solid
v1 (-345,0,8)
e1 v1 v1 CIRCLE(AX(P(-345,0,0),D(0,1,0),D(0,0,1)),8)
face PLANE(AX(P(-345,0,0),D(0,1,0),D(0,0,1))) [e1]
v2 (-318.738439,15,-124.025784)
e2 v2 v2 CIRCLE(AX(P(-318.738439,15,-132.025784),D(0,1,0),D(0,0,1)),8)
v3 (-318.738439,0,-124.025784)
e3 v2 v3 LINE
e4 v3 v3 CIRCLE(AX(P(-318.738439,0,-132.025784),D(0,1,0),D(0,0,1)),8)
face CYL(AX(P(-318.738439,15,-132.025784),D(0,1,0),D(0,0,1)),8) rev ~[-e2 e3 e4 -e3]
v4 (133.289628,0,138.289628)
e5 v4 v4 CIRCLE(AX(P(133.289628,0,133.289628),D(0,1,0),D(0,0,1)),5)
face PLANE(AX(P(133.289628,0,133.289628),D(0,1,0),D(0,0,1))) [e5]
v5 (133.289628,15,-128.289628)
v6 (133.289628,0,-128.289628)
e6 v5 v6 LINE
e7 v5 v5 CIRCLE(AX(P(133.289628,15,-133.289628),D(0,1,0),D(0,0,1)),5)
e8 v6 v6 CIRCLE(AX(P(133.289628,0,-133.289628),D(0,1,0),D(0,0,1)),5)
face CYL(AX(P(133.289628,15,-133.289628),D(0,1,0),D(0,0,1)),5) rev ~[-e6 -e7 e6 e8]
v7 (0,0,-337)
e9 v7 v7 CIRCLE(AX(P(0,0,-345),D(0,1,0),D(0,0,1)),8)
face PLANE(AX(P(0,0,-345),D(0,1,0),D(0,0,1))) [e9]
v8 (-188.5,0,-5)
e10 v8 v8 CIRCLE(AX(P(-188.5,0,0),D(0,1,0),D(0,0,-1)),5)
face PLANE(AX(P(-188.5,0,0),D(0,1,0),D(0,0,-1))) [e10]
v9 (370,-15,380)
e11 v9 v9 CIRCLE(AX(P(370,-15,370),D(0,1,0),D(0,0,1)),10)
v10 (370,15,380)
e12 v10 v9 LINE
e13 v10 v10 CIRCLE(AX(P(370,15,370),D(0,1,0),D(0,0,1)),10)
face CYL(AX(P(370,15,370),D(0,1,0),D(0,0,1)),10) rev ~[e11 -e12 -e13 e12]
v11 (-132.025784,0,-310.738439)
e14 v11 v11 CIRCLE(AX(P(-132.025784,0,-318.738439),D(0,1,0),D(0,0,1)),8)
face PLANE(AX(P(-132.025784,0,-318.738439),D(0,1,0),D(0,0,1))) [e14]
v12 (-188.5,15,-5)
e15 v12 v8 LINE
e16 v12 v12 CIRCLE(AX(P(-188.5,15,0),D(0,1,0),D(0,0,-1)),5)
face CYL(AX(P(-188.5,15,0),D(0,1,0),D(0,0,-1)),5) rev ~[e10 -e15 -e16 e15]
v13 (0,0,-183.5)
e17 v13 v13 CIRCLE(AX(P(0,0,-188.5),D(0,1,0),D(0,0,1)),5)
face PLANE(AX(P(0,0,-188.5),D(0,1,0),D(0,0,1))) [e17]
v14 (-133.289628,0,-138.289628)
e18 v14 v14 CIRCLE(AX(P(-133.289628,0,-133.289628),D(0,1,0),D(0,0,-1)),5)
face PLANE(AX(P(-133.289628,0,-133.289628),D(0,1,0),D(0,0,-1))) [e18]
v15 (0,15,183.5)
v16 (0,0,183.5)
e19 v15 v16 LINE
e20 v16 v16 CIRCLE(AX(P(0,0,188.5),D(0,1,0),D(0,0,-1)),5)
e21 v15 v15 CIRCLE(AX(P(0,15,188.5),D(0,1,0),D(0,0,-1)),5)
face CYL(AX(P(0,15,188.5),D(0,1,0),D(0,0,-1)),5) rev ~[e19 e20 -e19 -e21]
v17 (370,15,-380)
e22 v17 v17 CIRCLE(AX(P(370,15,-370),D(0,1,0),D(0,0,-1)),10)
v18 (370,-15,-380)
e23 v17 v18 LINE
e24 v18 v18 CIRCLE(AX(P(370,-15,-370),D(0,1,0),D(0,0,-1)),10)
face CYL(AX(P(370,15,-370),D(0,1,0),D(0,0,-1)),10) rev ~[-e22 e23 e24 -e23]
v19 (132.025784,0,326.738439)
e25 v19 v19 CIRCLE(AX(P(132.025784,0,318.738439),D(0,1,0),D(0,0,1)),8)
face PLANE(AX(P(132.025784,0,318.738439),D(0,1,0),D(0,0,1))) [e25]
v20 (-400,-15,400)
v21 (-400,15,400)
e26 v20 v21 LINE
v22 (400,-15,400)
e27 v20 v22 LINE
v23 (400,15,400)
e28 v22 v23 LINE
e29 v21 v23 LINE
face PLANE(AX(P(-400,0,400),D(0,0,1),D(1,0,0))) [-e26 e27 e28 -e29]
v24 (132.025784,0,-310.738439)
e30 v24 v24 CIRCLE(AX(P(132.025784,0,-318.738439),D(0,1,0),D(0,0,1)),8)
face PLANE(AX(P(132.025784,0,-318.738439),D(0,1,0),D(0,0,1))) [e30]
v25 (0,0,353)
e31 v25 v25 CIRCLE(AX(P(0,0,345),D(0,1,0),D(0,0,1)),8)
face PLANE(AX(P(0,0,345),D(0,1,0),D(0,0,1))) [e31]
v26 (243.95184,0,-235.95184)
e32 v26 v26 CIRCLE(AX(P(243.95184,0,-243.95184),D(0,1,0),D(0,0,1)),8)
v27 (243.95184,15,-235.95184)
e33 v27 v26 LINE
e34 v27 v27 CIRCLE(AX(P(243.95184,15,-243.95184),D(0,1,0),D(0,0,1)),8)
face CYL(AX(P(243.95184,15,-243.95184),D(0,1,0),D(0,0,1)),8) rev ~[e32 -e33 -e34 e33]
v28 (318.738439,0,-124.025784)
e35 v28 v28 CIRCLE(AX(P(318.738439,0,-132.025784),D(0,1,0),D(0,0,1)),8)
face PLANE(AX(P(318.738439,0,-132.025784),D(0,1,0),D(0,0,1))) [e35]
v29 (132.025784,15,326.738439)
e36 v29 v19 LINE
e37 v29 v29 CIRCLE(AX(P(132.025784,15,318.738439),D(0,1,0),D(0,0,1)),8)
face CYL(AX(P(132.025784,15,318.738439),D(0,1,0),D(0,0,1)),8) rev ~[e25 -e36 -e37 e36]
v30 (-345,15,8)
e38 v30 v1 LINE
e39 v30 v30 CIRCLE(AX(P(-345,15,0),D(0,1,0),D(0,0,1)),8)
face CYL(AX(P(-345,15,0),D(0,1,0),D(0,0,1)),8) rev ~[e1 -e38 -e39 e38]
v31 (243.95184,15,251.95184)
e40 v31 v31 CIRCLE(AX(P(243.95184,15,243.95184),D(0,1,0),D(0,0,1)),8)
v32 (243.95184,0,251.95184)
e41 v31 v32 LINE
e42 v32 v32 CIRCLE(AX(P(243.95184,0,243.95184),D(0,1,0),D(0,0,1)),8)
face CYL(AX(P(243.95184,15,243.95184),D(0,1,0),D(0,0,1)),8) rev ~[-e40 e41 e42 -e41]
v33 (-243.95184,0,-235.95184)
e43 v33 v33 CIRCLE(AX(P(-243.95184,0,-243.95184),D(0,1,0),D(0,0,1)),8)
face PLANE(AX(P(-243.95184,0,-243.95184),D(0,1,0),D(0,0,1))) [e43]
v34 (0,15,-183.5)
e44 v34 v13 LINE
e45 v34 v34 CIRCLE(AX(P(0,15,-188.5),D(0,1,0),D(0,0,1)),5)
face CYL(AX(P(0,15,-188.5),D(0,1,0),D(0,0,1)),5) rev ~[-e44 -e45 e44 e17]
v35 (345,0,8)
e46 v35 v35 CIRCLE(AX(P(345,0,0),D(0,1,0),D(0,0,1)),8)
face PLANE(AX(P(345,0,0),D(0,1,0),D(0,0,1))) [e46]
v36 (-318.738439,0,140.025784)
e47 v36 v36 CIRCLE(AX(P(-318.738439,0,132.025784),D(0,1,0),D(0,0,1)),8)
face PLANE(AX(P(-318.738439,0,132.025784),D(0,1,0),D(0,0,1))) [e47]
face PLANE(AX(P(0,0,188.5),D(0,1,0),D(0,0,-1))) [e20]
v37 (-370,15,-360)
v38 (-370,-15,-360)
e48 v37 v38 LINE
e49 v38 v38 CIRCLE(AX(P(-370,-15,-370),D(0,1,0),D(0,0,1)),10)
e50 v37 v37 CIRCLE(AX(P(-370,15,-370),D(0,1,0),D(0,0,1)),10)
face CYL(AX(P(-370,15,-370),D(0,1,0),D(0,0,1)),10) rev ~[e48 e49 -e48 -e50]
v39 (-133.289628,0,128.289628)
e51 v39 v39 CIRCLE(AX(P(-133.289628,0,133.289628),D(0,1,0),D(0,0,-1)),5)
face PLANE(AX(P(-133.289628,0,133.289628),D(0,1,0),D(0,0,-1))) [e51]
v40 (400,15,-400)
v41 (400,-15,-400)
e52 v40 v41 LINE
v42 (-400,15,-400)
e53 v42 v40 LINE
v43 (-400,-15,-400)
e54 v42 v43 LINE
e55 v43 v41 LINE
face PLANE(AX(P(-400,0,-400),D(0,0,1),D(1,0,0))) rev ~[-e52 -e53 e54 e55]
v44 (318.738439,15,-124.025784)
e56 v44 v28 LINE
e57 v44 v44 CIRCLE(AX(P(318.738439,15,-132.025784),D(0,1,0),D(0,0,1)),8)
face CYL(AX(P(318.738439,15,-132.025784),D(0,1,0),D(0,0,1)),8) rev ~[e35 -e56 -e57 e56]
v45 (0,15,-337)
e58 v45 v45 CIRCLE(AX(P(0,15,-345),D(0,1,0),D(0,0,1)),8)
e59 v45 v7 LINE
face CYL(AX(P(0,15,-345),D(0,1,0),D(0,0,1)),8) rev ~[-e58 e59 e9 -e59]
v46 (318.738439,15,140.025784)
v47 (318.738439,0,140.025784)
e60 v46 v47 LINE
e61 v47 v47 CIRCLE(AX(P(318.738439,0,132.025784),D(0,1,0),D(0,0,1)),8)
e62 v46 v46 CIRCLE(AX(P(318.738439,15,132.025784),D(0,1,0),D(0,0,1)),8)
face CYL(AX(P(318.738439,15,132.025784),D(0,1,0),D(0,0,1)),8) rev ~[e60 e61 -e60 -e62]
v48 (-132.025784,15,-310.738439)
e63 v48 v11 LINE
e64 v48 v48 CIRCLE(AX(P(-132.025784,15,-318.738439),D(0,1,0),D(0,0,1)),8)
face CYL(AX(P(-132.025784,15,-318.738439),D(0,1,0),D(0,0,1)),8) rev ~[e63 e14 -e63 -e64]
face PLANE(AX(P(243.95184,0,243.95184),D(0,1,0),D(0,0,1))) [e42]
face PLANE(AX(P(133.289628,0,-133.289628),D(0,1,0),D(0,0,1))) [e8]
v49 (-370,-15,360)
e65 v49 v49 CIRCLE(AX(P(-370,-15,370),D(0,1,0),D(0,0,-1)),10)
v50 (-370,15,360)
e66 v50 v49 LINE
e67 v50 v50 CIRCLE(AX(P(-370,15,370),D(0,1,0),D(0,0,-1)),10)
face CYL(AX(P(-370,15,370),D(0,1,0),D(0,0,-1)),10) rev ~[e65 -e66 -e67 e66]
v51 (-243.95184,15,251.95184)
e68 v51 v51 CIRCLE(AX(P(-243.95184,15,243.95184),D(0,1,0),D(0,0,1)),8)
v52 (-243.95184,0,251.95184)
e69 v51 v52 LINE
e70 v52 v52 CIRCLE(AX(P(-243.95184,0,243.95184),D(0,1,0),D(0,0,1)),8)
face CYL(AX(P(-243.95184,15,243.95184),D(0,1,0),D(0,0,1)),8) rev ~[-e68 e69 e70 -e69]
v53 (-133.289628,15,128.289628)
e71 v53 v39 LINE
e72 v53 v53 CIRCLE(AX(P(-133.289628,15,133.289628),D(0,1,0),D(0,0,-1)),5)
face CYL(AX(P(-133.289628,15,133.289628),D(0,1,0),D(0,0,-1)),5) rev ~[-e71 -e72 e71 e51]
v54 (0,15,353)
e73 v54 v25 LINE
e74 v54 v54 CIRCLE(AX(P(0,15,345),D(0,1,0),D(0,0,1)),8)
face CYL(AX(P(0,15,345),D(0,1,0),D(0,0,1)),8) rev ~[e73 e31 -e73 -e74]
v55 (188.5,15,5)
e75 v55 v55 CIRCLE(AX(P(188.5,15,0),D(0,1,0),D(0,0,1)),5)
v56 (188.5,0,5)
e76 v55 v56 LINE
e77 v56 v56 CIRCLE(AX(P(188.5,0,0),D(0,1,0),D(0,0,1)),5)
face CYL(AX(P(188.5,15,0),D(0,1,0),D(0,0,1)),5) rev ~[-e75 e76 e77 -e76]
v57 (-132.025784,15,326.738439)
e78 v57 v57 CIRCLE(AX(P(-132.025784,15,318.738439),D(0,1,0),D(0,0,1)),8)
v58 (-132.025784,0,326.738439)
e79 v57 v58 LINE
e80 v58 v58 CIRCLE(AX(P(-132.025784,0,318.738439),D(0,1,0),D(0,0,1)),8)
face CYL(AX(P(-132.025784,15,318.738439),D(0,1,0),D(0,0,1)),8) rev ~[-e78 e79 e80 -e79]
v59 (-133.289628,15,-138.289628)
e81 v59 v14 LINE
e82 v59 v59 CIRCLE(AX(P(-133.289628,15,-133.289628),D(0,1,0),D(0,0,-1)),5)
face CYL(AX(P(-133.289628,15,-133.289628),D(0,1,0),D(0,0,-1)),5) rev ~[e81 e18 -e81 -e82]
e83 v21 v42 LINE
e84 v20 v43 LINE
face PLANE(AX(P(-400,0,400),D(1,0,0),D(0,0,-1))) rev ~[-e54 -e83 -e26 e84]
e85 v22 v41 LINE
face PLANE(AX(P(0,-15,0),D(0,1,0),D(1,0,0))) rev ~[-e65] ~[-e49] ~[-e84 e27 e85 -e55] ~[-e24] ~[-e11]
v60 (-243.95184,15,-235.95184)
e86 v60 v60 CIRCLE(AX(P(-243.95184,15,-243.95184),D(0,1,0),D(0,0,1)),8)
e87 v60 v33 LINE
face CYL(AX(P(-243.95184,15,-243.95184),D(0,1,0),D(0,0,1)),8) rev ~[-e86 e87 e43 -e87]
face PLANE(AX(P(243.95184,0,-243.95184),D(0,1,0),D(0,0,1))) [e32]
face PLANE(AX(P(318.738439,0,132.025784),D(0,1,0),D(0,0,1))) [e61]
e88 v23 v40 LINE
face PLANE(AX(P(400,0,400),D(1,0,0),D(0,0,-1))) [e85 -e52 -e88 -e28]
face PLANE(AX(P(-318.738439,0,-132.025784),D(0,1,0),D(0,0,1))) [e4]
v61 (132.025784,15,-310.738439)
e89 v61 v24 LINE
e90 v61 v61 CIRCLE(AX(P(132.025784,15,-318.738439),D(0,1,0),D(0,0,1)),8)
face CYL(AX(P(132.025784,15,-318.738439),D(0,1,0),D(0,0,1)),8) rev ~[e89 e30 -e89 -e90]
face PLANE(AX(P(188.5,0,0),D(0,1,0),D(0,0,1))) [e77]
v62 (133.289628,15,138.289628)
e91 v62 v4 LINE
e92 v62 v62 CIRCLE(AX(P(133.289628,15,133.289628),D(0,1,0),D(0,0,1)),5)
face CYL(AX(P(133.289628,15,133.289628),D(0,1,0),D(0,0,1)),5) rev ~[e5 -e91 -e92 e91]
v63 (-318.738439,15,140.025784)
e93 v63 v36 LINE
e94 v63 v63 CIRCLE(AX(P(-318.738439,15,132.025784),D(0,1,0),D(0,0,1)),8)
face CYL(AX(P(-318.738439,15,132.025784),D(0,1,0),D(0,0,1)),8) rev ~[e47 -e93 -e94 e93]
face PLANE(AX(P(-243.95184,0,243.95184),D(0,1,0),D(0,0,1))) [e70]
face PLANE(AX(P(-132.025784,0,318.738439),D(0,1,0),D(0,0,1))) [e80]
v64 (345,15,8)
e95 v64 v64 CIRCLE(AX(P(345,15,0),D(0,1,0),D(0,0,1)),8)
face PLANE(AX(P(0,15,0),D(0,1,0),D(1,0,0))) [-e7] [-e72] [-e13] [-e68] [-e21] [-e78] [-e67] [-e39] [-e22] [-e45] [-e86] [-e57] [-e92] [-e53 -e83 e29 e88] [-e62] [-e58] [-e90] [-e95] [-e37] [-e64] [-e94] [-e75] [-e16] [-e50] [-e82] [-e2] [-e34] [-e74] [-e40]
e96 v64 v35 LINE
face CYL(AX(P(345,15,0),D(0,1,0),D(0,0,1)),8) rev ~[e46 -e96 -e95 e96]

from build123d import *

# Parameters (mm, degrees)
SKETCH1_W           = 800
SKETCH1_H           = 800
BOSS_EXTRUDE1_DEPTH = 15
SKETCH2_R           = 5
CUT_EXTRUDE1_DEPTH  = 15
SKETCH4_R           = 8
CUT_EXTRUDE2_DEPTH  = 15
SKETCH5_R           = 10
CUT_EXTRUDE3_DEPTH  = 567.480361531


with BuildPart() as part:
    # Sketch1 → Boss-Extrude1 (new, symmetric)
    with BuildSketch(Plane(origin=(0, 0, 0), x_dir=(1, 0, 0), z_dir=(0, 1, 0))):
        Rectangle(SKETCH1_W, SKETCH1_H)
    extrude(amount=BOSS_EXTRUDE1_DEPTH, both=True)

    # Sketch2 → Cut-Extrude1 (cut)
    with BuildSketch(Plane(origin=(0, 15, 0), x_dir=(1, 0, 0), z_dir=(0, 1, 0))):
        with Locations(Location((0, 188.5, 0), (0, 0, 270))):
            Circle(SKETCH2_R)
        with Locations(Location((188.5, 0, 0), (0, 0, 270))):
            Circle(SKETCH2_R)
        with Locations(Location((0, -188.5, 0), (0, 0, 90))):
            Circle(SKETCH2_R)
        with Locations(Location((-188.5, 0, 0), (0, 0, 90))):
            Circle(SKETCH2_R)
        with Locations(Location((133.289628254, 133.289628254, 0), (0, 0, 270))):
            Circle(SKETCH2_R)
        with Locations(Location((-133.289628254, -133.289628254, 0), (0, 0, 90))):
            Circle(SKETCH2_R)
        with Locations(Location((133.289628254, -133.289628254, 0), (0, 0, 270))):
            Circle(SKETCH2_R)
        with Locations(Location((-133.289628254, 133.289628254, 0), (0, 0, 90))):
            Circle(SKETCH2_R)
    extrude(amount=-CUT_EXTRUDE1_DEPTH, mode=Mode.SUBTRACT)

    # Sketch4 → Cut-Extrude2 (cut)
    with BuildSketch(Plane(origin=(0, 15, 0), x_dir=(1, 0, 0), z_dir=(0, 1, 0))):
        with Locations(Location((0, 345, 0), (0, 0, 270))):
            Circle(SKETCH4_R)
        with Locations(Location((132.025784166, 318.738438716, 0), (0, 0, 270))):
            Circle(SKETCH4_R)
        with Locations(Location((243.951839509, 243.951839509, 0), (0, 0, 270))):
            Circle(SKETCH4_R)
        with Locations(Location((318.738438716, 132.025784166, 0), (0, 0, 270))):
            Circle(SKETCH4_R)
        with Locations(Location((345, 0, 0), (0, 0, 270))):
            Circle(SKETCH4_R)
        with Locations(Location((318.738438716, -132.025784166, 0), (0, 0, 270))):
            Circle(SKETCH4_R)
        with Locations(Location((243.951839509, -243.951839509, 0), (0, 0, 270))):
            Circle(SKETCH4_R)
        with Locations(Location((132.025784166, -318.738438716, 0), (0, 0, 270))):
            Circle(SKETCH4_R)
        with Locations(Location((0, -345, 0), (0, 0, 270))):
            Circle(SKETCH4_R)
        with Locations(Location((-132.025784166, -318.738438716, 0), (0, 0, 270))):
            Circle(SKETCH4_R)
        with Locations(Location((-243.951839509, -243.951839509, 0), (0, 0, 270))):
            Circle(SKETCH4_R)
        with Locations(Location((-318.738438716, -132.025784166, 0), (0, 0, 270))):
            Circle(SKETCH4_R)
        with Locations(Location((-345, 0, 0), (0, 0, 270))):
            Circle(SKETCH4_R)
        with Locations(Location((-318.738438716, 132.025784166, 0), (0, 0, 270))):
            Circle(SKETCH4_R)
        with Locations(Location((-243.951839509, 243.951839509, 0), (0, 0, 270))):
            Circle(SKETCH4_R)
        with Locations(Location((-132.025784166, 318.738438716, 0), (0, 0, 270))):
            Circle(SKETCH4_R)
    extrude(amount=-CUT_EXTRUDE2_DEPTH, mode=Mode.SUBTRACT)

    # Sketch5 → Cut-Extrude3 (cut, through all)
    with BuildSketch(Plane(origin=(0, 15, 0), x_dir=(1, 0, 0), z_dir=(0, 1, 0))):
        with Locations(Location((-370, 370, 0), (0, 0, 270))):
            Circle(SKETCH5_R)
        with Locations(Location((370, 370, 0), (0, 0, 90))):
            Circle(SKETCH5_R)
        with Locations(Location((370, -370, 0), (0, 0, 270))):
            Circle(SKETCH5_R)
        with Locations(Location((-370, -370, 0), (0, 0, 90))):
            Circle(SKETCH5_R)
    extrude(amount=-CUT_EXTRUDE3_DEPTH, mode=Mode.SUBTRACT)


solid = part.part
